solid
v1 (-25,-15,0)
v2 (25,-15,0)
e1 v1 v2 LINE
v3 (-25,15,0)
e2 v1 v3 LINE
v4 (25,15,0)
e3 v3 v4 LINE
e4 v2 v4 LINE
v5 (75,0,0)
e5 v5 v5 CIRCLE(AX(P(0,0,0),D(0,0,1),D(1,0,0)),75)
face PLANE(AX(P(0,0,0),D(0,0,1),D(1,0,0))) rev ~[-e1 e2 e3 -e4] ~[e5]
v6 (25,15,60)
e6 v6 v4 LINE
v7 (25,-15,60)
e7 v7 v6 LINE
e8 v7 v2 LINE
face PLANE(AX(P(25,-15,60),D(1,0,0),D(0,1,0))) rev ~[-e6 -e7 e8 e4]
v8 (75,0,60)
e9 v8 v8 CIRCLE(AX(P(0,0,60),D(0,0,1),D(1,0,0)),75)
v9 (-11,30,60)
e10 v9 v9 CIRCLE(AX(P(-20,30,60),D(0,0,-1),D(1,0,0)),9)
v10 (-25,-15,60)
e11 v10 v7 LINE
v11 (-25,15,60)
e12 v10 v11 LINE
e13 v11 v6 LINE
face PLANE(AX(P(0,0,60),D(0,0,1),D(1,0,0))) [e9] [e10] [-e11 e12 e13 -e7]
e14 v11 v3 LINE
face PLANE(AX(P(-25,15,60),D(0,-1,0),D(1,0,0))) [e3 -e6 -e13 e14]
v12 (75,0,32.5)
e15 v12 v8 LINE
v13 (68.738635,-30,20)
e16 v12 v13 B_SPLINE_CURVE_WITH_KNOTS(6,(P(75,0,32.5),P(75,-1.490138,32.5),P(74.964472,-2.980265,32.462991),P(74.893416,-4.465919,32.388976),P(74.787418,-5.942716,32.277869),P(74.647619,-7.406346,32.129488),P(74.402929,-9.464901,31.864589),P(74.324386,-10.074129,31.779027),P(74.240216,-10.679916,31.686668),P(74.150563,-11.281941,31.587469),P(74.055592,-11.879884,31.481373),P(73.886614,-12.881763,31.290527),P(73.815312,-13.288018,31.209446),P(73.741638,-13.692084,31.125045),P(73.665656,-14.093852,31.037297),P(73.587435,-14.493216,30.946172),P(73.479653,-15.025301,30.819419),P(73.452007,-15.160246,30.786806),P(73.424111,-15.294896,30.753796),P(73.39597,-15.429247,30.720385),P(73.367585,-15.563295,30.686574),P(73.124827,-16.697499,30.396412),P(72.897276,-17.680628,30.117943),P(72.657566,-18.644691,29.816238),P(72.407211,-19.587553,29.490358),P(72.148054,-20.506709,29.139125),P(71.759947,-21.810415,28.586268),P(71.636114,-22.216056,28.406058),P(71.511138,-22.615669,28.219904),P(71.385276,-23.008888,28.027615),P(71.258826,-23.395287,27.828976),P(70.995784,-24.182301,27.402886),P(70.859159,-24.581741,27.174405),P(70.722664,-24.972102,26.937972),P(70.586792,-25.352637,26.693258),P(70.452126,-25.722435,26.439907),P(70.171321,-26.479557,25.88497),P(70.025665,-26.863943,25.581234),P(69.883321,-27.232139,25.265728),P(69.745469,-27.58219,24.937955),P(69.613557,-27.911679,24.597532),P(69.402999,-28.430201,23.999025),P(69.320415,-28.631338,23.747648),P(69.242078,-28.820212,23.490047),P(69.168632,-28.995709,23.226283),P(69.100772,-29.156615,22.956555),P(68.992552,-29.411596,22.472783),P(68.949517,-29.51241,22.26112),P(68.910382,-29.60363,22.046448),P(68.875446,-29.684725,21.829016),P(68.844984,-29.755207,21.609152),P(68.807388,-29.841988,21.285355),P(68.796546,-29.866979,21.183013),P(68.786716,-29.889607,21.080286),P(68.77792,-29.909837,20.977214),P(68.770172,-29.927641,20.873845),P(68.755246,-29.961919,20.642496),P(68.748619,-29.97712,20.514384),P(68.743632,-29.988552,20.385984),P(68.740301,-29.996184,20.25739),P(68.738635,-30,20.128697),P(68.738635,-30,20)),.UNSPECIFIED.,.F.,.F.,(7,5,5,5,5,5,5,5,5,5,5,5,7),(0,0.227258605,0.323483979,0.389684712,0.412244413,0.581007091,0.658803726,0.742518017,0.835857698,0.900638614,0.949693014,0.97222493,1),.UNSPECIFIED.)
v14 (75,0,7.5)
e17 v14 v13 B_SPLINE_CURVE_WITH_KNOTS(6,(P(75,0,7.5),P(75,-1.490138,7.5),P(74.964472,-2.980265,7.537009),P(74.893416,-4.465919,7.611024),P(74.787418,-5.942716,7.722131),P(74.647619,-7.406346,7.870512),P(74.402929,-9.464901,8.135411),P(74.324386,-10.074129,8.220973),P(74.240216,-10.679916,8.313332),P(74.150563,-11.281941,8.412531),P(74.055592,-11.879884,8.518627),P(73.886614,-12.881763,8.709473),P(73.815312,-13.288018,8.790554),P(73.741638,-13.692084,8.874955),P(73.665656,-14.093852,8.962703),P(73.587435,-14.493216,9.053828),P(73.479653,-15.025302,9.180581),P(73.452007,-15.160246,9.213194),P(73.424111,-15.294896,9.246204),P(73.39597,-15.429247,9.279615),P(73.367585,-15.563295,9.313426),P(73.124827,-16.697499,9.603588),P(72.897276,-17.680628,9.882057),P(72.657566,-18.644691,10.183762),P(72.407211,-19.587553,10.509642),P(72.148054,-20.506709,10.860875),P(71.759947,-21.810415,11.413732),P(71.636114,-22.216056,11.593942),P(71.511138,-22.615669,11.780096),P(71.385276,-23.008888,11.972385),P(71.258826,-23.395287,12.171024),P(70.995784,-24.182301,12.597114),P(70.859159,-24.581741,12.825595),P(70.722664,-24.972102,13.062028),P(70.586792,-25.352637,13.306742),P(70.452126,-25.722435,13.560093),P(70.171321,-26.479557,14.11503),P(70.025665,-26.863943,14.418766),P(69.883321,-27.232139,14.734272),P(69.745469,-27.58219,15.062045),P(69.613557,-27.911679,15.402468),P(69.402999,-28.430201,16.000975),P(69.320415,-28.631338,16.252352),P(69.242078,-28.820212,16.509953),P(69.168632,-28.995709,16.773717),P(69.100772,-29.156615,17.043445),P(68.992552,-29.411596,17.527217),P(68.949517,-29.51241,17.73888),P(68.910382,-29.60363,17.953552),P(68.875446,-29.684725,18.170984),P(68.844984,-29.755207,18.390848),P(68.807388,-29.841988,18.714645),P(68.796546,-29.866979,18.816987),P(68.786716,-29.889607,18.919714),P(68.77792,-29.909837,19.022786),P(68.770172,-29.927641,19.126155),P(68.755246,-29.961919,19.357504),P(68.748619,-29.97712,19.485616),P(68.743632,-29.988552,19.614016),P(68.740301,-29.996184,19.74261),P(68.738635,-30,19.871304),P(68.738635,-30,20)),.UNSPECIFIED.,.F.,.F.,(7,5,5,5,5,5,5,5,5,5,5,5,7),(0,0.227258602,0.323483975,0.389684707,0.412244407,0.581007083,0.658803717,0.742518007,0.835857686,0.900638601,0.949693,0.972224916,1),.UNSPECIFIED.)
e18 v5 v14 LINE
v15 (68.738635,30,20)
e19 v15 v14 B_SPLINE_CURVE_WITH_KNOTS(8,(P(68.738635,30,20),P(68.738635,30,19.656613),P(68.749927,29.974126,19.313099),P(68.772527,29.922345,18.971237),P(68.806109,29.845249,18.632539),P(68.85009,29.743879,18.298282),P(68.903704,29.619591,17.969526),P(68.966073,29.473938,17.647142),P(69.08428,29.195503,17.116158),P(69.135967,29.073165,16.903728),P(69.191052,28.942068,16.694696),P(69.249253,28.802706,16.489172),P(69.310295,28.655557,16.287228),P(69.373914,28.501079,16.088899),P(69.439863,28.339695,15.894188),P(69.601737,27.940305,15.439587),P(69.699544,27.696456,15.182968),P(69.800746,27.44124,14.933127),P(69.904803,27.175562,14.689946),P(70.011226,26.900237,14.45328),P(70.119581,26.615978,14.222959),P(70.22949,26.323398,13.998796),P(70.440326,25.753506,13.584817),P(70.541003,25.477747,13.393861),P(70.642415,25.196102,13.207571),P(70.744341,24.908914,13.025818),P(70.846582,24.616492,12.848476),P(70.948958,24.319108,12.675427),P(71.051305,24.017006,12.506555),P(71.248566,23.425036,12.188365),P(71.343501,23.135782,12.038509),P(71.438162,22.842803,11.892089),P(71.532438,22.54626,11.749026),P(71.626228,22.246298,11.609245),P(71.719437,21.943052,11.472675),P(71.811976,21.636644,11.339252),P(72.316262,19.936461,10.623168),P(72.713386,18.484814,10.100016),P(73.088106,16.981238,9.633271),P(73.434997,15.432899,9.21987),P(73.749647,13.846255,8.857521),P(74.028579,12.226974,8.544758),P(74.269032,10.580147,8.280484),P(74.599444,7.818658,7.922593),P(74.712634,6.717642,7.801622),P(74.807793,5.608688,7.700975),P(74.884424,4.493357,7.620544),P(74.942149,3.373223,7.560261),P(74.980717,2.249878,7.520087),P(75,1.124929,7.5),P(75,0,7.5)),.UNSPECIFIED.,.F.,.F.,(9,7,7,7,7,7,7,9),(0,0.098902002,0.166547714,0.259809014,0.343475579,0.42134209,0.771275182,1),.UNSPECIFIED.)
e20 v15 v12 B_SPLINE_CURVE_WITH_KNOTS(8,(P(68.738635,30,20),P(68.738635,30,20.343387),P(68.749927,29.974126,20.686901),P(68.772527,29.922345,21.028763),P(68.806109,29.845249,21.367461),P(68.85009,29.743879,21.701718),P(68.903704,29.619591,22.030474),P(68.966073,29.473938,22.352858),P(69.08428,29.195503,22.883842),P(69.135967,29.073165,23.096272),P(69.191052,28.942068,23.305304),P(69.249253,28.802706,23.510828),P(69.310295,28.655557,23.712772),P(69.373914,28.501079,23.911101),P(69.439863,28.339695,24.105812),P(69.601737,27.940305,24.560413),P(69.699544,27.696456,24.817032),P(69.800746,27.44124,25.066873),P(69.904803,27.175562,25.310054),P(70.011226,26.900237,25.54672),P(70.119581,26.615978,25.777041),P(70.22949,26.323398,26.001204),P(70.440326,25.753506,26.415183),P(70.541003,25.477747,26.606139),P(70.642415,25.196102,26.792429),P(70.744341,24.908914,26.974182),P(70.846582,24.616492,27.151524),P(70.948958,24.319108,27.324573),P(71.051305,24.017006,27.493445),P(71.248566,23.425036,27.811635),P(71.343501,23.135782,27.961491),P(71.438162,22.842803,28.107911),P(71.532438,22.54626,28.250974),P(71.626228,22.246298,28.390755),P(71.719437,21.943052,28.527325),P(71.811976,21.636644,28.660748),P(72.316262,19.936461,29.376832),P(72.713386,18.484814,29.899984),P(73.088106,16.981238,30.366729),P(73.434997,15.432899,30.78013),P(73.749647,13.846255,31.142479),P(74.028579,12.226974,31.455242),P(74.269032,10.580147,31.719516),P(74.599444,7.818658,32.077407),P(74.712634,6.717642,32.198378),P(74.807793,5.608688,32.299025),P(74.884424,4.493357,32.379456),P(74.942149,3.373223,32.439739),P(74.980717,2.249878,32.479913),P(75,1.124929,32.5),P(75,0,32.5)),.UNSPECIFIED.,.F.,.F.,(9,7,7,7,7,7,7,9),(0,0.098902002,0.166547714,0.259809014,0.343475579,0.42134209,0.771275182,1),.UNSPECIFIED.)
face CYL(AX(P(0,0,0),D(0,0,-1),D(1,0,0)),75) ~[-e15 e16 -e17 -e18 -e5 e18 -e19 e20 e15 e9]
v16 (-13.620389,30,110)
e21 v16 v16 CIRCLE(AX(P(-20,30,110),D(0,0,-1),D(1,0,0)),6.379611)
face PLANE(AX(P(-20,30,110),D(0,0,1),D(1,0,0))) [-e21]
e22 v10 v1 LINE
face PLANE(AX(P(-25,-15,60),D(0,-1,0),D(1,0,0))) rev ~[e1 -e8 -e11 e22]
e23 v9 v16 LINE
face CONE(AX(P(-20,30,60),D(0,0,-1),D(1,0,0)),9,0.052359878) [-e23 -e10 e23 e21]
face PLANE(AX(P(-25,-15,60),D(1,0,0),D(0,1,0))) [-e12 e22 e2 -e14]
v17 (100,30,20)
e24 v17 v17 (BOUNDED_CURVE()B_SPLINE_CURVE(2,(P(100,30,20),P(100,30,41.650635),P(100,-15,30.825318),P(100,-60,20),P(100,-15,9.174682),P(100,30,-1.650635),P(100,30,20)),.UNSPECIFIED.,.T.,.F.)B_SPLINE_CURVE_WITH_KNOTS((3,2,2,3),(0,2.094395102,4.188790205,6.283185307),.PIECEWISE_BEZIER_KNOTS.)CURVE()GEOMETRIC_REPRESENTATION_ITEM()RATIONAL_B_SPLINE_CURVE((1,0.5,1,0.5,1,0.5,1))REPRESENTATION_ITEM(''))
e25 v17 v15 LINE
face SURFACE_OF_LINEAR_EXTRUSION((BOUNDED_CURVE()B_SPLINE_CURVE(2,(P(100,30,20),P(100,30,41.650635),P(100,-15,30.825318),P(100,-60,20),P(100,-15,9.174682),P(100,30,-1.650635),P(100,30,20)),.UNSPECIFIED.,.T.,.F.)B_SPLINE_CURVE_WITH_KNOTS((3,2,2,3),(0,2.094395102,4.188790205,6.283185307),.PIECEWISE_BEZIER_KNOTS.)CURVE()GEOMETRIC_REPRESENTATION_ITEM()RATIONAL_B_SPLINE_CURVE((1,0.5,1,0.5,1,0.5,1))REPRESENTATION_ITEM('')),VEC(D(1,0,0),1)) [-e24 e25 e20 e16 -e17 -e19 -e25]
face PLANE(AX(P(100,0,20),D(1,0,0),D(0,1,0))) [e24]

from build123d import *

# Parameters (mm, degrees)
F0_R     = 75
F1_DEPTH = 60
F2_W     = 50
F2_H     = 30
F3_DEPTH = 60.001
F6_DEPTH = 31.2613646757
F7_R     = 9
F8_DEPTH = 50
F8_TAPER = 3


with BuildPart() as f1:
    # F0 (on Top) → F1 (new body)
    with BuildSketch(Plane.XY):
        Circle(F0_R)
    extrude(amount=F1_DEPTH)

    # F2 (on face) → F3 (cut, through all)
    with BuildSketch(Plane.XY.offset(60)):
        Rectangle(F2_W, F2_H)
    extrude(amount=-F3_DEPTH, mode=Mode.SUBTRACT)

    # F5 (on offset) → F6 (join, through all)
    with BuildSketch(Plane.YZ.offset(100)):
        with BuildLine():
            add(Edge.make_bspline(
                [(30, 20), (30, 41.6506350946), (-15, 30.8253175473), (-60, 20), (-15, 9.1746824527), (30, -1.6506350946), (30, 20)],
                knots=[0, 0, 0, 2.0943951024, 2.0943951024, 4.1887902048, 4.1887902048, 6.2831853072, 6.2831853072, 6.2831853072], degree=2, weights=[1, 0.5, 1, 0.5, 1, 0.5, 1]))
        make_face()
    extrude(amount=-F6_DEPTH)

    # F7 (on face) → F8 (join)
    with BuildSketch(Plane.XY.offset(60)):
        with Locations((-20, 30)):
            Circle(F7_R)
    extrude(amount=F8_DEPTH, taper=F8_TAPER)


solid = f1.part
